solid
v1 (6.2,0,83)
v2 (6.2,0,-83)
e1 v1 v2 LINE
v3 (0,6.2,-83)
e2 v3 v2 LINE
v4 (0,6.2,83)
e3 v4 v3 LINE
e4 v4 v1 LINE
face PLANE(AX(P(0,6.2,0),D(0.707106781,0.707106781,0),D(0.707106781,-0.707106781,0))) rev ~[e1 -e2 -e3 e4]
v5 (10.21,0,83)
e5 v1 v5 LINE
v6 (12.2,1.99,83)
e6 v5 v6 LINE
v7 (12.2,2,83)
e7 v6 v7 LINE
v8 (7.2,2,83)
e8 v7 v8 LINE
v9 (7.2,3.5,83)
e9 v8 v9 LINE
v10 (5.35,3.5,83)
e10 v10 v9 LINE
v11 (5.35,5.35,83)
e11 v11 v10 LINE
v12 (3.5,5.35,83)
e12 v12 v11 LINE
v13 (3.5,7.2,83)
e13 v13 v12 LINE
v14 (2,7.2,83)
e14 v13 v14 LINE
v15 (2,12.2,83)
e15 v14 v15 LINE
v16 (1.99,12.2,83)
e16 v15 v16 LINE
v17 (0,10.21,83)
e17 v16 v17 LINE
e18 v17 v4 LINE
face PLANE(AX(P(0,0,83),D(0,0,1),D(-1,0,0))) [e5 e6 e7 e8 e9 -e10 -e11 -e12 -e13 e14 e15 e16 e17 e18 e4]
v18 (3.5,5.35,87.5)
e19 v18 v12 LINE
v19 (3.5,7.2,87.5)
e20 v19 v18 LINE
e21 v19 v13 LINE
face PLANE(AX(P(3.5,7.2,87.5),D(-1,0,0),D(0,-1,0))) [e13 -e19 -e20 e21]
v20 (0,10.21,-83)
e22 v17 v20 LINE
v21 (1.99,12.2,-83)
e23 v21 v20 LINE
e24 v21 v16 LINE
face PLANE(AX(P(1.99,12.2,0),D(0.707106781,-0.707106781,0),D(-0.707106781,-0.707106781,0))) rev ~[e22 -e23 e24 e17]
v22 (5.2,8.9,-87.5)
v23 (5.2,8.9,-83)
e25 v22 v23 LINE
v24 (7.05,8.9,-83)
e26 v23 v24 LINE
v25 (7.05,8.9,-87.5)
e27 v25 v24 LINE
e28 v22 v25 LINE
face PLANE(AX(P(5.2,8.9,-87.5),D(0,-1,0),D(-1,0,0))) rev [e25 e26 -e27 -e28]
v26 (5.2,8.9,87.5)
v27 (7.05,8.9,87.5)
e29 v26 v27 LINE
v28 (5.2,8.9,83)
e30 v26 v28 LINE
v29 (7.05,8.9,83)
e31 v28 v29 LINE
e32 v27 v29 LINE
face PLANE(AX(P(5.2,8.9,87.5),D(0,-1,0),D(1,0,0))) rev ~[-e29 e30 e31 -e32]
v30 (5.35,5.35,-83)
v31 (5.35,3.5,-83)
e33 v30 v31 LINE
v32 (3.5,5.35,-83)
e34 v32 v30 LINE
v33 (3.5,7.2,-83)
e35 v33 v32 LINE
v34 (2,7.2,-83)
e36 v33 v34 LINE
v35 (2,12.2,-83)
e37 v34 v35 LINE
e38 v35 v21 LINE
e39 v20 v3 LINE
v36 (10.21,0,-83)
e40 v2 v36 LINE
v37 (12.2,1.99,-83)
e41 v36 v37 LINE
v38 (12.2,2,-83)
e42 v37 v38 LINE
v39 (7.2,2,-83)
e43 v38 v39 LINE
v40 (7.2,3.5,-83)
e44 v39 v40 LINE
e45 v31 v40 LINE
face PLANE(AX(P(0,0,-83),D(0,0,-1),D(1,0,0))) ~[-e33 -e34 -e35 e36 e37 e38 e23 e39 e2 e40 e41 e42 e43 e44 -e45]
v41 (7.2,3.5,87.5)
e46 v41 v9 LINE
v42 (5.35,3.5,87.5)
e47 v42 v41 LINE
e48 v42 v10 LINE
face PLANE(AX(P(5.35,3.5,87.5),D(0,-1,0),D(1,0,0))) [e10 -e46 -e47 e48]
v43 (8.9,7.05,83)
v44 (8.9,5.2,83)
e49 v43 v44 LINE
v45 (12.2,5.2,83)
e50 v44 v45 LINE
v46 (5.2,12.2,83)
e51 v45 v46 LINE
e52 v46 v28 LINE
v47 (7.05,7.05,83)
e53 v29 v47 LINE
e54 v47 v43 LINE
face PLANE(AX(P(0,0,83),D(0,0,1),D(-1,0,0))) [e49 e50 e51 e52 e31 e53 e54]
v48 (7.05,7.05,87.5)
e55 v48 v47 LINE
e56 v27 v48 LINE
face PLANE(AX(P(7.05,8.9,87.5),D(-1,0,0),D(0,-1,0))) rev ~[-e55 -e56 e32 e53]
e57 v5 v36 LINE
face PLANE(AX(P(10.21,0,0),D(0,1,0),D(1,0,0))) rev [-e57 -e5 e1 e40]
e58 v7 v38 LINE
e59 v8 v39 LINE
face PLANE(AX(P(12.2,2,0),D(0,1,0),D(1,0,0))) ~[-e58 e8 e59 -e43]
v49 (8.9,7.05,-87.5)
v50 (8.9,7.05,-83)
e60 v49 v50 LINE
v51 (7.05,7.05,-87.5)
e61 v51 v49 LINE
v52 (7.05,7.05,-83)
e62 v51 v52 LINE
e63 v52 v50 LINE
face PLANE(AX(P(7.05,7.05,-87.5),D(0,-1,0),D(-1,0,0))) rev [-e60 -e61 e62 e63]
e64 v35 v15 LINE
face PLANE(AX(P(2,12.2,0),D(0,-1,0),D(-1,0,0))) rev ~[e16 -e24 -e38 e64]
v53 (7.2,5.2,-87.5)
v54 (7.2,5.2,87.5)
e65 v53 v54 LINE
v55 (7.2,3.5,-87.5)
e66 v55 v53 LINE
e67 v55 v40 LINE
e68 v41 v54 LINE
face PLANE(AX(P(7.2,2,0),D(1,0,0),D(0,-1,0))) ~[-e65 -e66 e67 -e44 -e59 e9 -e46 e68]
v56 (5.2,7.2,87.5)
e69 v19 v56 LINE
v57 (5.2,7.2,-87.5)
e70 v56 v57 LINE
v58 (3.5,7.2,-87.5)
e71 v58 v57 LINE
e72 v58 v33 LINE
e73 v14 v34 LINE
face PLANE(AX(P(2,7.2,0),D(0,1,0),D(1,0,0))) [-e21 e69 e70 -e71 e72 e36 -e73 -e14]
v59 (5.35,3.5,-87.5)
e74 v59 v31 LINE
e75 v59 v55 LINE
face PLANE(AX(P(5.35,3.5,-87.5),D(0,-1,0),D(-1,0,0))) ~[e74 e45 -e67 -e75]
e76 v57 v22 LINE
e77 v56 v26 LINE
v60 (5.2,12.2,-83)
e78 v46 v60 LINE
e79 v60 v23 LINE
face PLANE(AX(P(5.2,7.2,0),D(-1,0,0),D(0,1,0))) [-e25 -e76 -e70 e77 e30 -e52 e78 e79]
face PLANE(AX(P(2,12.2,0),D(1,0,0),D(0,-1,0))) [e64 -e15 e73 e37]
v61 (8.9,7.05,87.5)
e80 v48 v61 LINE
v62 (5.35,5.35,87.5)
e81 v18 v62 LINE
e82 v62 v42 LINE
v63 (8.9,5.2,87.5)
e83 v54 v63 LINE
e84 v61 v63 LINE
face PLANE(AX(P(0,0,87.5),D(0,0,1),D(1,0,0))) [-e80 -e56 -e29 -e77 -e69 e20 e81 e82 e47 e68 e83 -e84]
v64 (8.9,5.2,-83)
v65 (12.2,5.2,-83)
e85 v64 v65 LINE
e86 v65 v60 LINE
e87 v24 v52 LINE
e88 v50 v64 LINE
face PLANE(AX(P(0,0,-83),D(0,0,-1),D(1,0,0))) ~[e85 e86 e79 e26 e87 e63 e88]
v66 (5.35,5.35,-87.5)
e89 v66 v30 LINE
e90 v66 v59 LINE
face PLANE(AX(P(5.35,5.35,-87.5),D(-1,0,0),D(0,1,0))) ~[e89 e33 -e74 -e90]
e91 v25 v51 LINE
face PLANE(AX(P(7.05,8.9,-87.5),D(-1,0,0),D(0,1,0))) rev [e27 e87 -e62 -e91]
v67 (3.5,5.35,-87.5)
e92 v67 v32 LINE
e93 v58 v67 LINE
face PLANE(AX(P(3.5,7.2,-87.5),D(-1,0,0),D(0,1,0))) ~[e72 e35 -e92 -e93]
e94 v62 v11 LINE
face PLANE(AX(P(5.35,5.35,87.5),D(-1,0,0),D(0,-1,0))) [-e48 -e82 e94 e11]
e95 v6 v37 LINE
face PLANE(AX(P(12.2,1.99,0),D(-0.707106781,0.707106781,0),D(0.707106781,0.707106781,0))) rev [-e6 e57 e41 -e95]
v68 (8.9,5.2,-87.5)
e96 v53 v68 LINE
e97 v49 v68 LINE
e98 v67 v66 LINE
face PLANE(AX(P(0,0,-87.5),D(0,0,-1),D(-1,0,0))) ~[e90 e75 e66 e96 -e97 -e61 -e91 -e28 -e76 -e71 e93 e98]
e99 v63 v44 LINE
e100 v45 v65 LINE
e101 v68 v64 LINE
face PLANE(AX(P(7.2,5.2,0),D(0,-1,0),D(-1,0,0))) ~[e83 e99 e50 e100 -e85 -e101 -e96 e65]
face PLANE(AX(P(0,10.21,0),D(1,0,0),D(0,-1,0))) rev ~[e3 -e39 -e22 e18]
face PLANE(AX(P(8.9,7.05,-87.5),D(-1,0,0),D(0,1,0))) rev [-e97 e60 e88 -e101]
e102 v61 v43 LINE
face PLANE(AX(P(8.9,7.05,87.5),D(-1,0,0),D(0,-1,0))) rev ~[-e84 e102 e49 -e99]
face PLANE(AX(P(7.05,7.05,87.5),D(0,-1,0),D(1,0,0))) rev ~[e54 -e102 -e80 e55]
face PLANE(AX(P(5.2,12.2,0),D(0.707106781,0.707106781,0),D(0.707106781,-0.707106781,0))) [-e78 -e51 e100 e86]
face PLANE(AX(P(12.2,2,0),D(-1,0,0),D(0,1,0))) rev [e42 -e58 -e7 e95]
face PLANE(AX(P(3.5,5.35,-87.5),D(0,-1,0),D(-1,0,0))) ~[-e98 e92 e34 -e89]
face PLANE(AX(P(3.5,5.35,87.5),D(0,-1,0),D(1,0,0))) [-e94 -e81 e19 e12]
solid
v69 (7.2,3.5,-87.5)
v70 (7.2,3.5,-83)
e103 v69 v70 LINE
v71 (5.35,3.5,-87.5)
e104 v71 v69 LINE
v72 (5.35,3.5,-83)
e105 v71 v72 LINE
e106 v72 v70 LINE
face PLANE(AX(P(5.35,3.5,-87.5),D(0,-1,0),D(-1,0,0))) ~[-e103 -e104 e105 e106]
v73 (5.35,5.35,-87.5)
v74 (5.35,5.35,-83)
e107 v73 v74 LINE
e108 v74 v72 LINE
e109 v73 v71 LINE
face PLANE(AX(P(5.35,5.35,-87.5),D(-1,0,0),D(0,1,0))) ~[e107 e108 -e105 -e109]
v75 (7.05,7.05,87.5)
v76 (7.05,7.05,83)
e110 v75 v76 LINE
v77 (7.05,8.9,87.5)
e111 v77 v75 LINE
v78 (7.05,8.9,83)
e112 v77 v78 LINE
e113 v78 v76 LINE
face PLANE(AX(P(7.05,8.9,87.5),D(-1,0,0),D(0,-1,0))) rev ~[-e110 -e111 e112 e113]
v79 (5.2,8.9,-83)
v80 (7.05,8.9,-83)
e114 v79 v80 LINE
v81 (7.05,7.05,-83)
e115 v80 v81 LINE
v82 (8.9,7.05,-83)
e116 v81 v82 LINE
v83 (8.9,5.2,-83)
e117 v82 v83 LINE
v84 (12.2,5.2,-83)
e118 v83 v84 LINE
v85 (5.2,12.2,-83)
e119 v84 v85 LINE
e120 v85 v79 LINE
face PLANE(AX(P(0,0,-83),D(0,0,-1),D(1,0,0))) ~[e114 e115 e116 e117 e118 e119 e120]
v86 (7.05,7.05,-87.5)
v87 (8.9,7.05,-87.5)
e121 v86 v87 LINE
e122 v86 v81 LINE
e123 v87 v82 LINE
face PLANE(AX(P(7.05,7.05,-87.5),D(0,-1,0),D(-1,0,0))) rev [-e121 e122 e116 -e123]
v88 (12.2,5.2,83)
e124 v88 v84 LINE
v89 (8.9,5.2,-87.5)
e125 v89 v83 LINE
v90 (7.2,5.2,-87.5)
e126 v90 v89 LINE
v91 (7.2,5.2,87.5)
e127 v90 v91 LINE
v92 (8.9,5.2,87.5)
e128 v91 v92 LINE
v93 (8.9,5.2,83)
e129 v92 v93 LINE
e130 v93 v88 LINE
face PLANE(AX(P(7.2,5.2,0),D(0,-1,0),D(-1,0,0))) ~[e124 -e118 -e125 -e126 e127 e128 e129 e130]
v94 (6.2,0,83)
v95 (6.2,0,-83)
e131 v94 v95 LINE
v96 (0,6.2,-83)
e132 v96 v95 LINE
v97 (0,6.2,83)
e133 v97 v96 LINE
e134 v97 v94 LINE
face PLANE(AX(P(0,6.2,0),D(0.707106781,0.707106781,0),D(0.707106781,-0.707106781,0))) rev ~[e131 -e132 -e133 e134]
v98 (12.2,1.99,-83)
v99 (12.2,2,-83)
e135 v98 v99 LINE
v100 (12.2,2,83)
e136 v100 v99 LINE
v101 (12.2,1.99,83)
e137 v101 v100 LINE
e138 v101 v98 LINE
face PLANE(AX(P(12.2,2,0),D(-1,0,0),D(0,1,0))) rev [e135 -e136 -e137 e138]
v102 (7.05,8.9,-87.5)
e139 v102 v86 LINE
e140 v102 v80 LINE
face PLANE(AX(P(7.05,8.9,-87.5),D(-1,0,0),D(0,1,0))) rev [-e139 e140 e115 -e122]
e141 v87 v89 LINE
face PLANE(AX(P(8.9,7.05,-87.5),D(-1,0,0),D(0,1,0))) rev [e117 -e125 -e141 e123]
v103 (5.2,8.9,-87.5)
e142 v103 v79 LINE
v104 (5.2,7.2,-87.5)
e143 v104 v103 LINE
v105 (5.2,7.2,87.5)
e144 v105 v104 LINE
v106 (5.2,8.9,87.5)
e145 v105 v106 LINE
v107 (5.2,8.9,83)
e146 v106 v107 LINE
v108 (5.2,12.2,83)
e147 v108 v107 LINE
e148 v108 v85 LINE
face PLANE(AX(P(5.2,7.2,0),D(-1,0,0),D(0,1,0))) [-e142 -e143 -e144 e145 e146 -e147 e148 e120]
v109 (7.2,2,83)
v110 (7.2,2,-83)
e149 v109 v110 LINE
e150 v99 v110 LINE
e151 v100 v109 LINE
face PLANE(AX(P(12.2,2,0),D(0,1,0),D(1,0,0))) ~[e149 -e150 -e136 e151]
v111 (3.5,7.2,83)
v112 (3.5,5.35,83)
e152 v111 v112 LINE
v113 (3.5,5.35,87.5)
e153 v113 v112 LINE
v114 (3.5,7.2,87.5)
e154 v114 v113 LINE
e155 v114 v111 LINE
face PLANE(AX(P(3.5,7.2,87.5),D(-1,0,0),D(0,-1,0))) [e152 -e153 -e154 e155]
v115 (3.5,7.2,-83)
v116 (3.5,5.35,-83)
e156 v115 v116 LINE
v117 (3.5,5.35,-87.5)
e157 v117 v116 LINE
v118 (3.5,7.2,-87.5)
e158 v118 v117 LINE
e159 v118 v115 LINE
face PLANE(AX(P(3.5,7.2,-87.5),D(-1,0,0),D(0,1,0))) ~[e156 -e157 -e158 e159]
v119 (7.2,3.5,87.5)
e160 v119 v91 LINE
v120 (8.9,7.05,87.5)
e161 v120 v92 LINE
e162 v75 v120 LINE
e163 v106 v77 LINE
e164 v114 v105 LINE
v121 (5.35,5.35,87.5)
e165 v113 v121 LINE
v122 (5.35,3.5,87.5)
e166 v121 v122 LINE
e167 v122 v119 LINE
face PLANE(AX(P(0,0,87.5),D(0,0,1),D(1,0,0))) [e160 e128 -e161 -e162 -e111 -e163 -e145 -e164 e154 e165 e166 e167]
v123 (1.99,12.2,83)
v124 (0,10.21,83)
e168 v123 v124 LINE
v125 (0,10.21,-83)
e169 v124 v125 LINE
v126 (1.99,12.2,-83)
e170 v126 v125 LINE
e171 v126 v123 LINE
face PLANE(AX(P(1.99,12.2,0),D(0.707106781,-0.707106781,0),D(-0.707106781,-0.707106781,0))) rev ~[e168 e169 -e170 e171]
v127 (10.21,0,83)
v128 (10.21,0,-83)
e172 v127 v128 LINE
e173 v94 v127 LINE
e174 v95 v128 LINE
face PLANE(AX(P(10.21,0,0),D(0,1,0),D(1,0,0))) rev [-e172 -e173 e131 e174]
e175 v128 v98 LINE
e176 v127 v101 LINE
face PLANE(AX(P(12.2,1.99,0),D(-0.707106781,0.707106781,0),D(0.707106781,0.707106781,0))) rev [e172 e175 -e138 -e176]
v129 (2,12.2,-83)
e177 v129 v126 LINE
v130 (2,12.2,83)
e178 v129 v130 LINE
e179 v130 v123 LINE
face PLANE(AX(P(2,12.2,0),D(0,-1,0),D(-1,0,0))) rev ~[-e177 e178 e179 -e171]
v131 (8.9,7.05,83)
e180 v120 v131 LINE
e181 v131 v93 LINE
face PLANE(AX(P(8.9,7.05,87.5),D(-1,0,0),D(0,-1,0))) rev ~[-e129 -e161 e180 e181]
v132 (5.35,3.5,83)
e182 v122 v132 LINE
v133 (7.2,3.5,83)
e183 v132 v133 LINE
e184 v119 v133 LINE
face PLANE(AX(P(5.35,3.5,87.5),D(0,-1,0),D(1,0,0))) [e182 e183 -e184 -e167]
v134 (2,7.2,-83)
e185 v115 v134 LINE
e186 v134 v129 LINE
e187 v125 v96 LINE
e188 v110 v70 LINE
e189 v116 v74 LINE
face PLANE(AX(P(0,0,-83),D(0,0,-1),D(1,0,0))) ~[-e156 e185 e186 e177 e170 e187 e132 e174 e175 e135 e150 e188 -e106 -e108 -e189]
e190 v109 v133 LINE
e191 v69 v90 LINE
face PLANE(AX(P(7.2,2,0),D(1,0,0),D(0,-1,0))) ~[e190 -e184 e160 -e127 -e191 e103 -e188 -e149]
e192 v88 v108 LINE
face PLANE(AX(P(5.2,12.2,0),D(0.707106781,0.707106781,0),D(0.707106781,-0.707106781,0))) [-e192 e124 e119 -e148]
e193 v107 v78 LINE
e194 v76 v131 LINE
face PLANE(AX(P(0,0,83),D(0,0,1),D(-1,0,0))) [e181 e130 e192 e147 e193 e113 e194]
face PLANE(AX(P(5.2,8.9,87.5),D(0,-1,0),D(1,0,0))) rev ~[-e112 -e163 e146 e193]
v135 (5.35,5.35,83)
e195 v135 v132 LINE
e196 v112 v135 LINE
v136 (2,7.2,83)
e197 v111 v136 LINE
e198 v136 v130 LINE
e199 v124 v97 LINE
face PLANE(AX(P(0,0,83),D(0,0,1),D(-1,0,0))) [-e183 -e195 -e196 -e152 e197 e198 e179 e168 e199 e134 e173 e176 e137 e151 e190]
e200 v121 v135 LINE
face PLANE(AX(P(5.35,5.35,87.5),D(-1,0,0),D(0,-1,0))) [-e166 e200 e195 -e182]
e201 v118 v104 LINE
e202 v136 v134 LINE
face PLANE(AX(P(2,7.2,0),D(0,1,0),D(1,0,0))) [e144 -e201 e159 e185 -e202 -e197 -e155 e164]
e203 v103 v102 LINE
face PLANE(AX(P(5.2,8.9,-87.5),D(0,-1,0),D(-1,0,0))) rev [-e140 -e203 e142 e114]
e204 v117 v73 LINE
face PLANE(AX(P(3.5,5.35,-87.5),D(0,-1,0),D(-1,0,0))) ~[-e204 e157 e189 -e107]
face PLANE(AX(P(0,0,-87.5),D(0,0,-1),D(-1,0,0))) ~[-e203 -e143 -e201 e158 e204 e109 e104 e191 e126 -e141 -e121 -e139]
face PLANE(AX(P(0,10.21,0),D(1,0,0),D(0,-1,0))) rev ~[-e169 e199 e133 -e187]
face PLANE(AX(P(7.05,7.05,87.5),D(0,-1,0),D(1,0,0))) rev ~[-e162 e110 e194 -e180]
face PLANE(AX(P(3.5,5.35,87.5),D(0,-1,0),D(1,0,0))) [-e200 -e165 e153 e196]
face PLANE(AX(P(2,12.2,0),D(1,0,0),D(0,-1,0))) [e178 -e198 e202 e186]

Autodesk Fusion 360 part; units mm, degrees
sketch "Esquisse1" plane through (0, 0, 0) normal (0, 0, 1) x (1, 0, 0)
  line L0 (2, 12.2) -> (2, 7.2)
  line L1 (2, 7.2) -> (5.2, 7.2)
  line L2 (5.2, 7.2) -> (5.2, 12.2)
  line L3 (2, 12.2) -> (1.99, 12.2)
  line L4 (0, 0) -> (10.6066, 10.6066)
  line L5 (0, 0) -> (15, 0) construction
  line L6 (0, 10.21) -> (0, 6.2)
  line L7 (0, 6.2) -> (3.1, 3.1)
  line L8 (5.2, 12.2) -> (8.7, 8.7)
  line L9 (1.99, 12.2) -> (0, 10.21)
  point P0 (0, 12.2)
  dimension "d1" = 5
  dimension "d2" = 3.2
  dimension "d5" = 7.2
  dimension "d6" = 45
  dimension "d7" = 15
  dimension "d8" = 6
  dimension "d9" = 2
  dimension "d15" = 1.99
  dimension "d16" = 1.99
extrude "Extrusion1" add sketch "Esquisse1" along normal blind 254.5 makes body 1
mirror "Symétrie miroir1" about plane through (3.1, 3.1, 0) normal (-0.7071, 0.7071, 0) of bodies 1 merged
sketch "Esquisse4" plane through (0, 0, 254.5) normal (0, 0, 1) x (-1, 0, 0)
  line L0 (-2, -12.2) -> (-1.99, -12.2)
  line L1 (-1.99, -12.2) -> (0, -10.21)
  line L2 (0, -10.21) -> (0, -6.2)
  line L3 (0, -6.2) -> (-6.2, 0)
  line L4 (-6.2, 0) -> (-10.21, 0)
  line L5 (-10.21, 0) -> (-12.2, -1.99)
  line L6 (-12.2, -1.99) -> (-12.2, -2)
  line L7 (-12.2, -2) -> (-7.2, -2)
  line L8 (-7.2, -2) -> (-7.2, -5.2)
  line L9 (-7.2, -5.2) -> (-12.2, -5.2)
  line L10 (-12.2, -5.2) -> (-5.2, -12.2)
  line L11 (-5.2, -12.2) -> (-5.2, -7.2)
  line L12 (-5.2, -7.2) -> (-2, -7.2)
  line L13 (-2, -7.2) -> (-2, -12.2)
  line L14 (-5.2, -8.9) -> (-7.05, -8.9)
  line L15 (-7.05, -8.9) -> (-7.05, -7.05)
  line L16 (-7.05, -7.05) -> (-8.9, -7.05)
  line L17 (-8.9, -7.05) -> (-8.9, -5.2)
  line L18 (-5.2, -7.2) -> (-7.2, -5.2)
  line L19 (-3.5, -7.2) -> (-3.5, -5.35)
  line L20 (-3.5, -5.35) -> (-5.35, -5.35)
  line L21 (-5.35, -5.35) -> (-5.35, -3.5)
  line L22 (-5.35, -3.5) -> (-7.2, -3.5)
  point P0 (-7.2, -5.2)
  point P1 (-5.2, -7.2)
  point P2 (-7.2, -5.2)
  point P3 (-5.2, -7.2)
  dimension "d23" = 1.85
extrude "Extrusion3" cut sketch "Esquisse4" against normal blind 4.5 contours L0 L1 L2 L3 L4 L5 L6 L7 L8 L12 L13 L19 L20 L21 L22 | L9 L10 L11 L14 L15 L16 L17 bodies 1
copy_body "Corps->Comp2" bodies 1 removing the originals makes body 2 in component "Component"
component "Component" placed x (1, 0, 0) y (0, 1, 0) z (0, 0, 1) at (0, 0, 0)
equation "d5 = d2 + 2 * d9"
equation "d8 = d1 + 1 mm"
equation "d16 = d15"

Autodesk Fusion 360 part; units mm, degrees
sketch "Esquisse1" plane through (0, 0, 0) normal (0, 0, 1) x (1, 0, 0)
  line L0 (2, 12.2) -> (2, 7.2)
  line L1 (2, 7.2) -> (5.2, 7.2)
  line L2 (5.2, 7.2) -> (5.2, 12.2)
  line L3 (2, 12.2) -> (1.99, 12.2)
  line L4 (0, 0) -> (10.6066, 10.6066)
  line L5 (0, 0) -> (15, 0) construction
  line L6 (0, 10.21) -> (0, 6.2)
  line L7 (0, 6.2) -> (3.1, 3.1)
  line L8 (5.2, 12.2) -> (8.7, 8.7)
  line L9 (1.99, 12.2) -> (0, 10.21)
  point P0 (0, 12.2)
  dimension "d1" = 5
  dimension "d2" = 3.2
  dimension "d5" = 7.2
  dimension "d6" = 45
  dimension "d7" = 15
  dimension "d8" = 6
  dimension "d9" = 2
  dimension "d15" = 1.99
  dimension "d16" = 1.99
extrude "Extrusion1" add sketch "Esquisse1" along normal blind 87.5 makes body 1
mirror "Symétrie miroir1" about plane through (3.1, 3.1, 0) normal (-0.7071, 0.7071, 0) of bodies 1 merged
sketch "Esquisse4" plane through (0, 0, 87.5) normal (0, 0, 1) x (-1, 0, 0)
  line L0 (-2, -12.2) -> (-1.99, -12.2)
  line L1 (-1.99, -12.2) -> (0, -10.21)
  line L2 (0, -10.21) -> (0, -6.2)
  line L3 (0, -6.2) -> (-6.2, 0)
  line L4 (-6.2, 0) -> (-10.21, 0)
  line L5 (-10.21, 0) -> (-12.2, -1.99)
  line L6 (-12.2, -1.99) -> (-12.2, -2)
  line L7 (-12.2, -2) -> (-7.2, -2)
  line L8 (-7.2, -2) -> (-7.2, -5.2)
  line L9 (-7.2, -5.2) -> (-12.2, -5.2)
  line L10 (-12.2, -5.2) -> (-5.2, -12.2)
  line L11 (-5.2, -12.2) -> (-5.2, -7.2)
  line L12 (-5.2, -7.2) -> (-2, -7.2)
  line L13 (-2, -7.2) -> (-2, -12.2)
  line L14 (-5.2, -8.9) -> (-7.05, -8.9)
  line L15 (-7.05, -8.9) -> (-7.05, -7.05)
  line L16 (-7.05, -7.05) -> (-8.9, -7.05)
  line L17 (-8.9, -7.05) -> (-8.9, -5.2)
  line L18 (-5.2, -7.2) -> (-7.2, -5.2)
  line L19 (-3.5, -7.2) -> (-3.5, -5.35)
  line L20 (-3.5, -5.35) -> (-5.35, -5.35)
  line L21 (-5.35, -5.35) -> (-5.35, -3.5)
  line L22 (-5.35, -3.5) -> (-7.2, -3.5)
  point P0 (-7.2, -5.2)
  point P1 (-5.2, -7.2)
  point P2 (-7.2, -5.2)
  point P3 (-5.2, -7.2)
  dimension "d23" = 1.85
extrude "Extrusion3" cut sketch "Esquisse4" against normal blind 4.5 contours L0 L1 L2 L3 L4 L5 L6 L7 L8 L12 L13 L19 L20 L21 L22 | L9 L10 L11 L14 L15 L16 L17 bodies 1
copy_body "Corps->Comp2" bodies 1 removing the originals makes body 2 in component "Component"
mirror "Symétrie miroir1'" about plane through (0, 0, 0) normal (0, 0, -1) of bodies 2 merged in component "Component"
component "Component" placed x (1, 0, 0) y (0, 1, 0) z (0, 0, 1) at (0, 0, 0)
equation "d5 = d2 + 2 * d9"
equation "d8 = d1 + 1 mm"
equation "d10 = 92.00 mm - 4.5 mm"
equation "d16 = d15"
